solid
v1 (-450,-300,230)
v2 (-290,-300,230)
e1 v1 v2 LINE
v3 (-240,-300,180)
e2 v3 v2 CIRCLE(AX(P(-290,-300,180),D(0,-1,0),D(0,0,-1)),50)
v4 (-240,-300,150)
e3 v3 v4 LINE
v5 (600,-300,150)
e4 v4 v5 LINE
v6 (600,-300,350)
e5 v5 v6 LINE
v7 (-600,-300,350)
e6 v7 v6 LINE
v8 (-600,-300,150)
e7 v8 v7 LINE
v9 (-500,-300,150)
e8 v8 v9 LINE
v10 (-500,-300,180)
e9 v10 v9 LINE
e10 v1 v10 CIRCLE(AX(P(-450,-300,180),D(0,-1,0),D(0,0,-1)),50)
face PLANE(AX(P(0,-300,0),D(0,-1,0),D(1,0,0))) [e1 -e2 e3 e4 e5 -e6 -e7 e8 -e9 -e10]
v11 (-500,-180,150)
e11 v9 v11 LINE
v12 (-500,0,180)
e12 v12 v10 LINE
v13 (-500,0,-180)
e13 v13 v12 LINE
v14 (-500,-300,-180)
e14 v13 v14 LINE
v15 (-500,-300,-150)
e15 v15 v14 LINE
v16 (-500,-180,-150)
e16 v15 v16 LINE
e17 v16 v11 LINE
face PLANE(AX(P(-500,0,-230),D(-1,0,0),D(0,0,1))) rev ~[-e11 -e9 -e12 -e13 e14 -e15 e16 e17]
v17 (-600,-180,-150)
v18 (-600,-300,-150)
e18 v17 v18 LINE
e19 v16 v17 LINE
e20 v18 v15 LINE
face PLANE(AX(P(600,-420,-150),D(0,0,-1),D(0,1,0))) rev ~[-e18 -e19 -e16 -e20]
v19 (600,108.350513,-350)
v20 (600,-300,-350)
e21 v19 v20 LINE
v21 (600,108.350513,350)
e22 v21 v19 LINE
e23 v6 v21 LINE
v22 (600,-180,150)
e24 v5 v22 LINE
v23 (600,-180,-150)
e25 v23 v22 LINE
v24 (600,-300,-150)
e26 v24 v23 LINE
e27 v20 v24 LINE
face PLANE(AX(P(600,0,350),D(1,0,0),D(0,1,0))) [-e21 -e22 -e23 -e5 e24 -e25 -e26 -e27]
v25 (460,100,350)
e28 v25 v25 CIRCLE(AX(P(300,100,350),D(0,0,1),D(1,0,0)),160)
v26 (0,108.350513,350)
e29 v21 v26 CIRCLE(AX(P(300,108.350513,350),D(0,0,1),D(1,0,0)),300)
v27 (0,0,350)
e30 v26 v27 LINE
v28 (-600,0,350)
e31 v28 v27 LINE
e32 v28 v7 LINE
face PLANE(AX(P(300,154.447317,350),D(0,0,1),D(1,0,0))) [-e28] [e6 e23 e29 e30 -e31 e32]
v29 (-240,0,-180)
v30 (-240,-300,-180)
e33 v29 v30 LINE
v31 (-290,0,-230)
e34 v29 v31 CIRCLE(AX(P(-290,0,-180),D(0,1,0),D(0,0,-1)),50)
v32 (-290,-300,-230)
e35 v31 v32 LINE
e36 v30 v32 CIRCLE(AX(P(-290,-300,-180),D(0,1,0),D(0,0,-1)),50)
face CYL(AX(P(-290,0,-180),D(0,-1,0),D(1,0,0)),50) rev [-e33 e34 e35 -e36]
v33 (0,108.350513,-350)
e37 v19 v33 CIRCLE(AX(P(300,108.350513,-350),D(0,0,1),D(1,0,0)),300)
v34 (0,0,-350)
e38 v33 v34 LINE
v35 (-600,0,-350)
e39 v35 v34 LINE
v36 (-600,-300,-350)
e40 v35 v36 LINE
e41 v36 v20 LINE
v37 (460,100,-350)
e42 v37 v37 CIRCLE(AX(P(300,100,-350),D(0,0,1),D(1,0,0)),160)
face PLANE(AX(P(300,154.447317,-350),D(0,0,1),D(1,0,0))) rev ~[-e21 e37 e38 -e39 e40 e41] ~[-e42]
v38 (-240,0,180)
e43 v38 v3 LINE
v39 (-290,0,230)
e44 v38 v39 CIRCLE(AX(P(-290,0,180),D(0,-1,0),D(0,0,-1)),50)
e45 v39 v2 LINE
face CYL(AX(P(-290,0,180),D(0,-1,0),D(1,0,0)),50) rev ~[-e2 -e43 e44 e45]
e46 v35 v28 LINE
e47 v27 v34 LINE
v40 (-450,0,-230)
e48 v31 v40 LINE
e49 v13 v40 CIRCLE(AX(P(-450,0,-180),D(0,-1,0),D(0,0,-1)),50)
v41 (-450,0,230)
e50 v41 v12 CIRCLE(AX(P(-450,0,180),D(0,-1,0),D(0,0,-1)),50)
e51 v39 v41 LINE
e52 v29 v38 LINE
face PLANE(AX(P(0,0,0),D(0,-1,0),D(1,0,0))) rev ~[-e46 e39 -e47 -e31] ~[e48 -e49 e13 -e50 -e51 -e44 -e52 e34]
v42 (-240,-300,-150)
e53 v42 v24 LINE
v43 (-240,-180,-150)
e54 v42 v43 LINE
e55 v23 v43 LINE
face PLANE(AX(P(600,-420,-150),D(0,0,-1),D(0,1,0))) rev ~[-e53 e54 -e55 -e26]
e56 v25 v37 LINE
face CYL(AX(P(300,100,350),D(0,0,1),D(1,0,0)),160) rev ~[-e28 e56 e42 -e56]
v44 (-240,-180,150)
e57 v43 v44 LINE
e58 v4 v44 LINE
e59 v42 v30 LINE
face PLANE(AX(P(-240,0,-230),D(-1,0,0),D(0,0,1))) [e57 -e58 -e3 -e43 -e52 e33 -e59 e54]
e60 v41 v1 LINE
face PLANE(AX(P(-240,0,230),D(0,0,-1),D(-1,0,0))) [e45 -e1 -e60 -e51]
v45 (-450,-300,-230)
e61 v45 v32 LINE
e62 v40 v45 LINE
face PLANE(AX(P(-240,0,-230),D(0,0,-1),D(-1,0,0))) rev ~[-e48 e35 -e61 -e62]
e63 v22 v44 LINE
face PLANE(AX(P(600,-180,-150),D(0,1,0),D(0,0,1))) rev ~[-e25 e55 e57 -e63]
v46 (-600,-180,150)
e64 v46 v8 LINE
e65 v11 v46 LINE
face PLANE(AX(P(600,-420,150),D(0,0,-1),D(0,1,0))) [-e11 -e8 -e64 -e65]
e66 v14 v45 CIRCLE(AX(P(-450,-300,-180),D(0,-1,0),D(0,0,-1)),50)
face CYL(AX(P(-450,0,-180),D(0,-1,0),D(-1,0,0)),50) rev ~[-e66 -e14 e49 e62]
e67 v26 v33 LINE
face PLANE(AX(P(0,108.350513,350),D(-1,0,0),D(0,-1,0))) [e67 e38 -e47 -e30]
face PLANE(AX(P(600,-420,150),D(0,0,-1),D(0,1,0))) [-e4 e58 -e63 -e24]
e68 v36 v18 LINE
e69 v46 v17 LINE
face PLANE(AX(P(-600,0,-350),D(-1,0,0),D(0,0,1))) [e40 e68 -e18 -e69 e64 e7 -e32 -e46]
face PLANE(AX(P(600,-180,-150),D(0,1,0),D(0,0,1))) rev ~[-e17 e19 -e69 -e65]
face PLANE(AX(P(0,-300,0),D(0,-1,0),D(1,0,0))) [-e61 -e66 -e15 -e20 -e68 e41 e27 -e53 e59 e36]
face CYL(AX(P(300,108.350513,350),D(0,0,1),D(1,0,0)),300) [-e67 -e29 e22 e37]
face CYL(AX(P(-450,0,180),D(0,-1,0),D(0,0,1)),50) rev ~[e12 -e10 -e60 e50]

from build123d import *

# Parameters (mm, degrees)
F0_W      = 1200
F0_H      = 700
F1_DEPTH  = 300
F3_DEPTH  = 700
F5_W      = 240
F5_H      = 300
F6_DEPTH  = 1200.001
F7_W      = 260
F7_H      = 460
F8_DEPTH  = 300.001
F9_R      = 50
F10_R     = 160
F11_DEPTH = 700.001


with BuildPart() as f1:
    # F0 (on Front) → F1 (new body)
    with BuildSketch(Plane.XZ):
        Rectangle(F0_W, F0_H)
    extrude(amount=F1_DEPTH)

    # F2 (on face) → F3 (join)
    with BuildSketch(Plane.XY.offset(350)):
        with BuildLine():
            Line((0, 108.350513), (0, 0))
            Line((0, 0), (600, 0))
            Line((600, 0), (600, 108.350513))
            ThreePointArc((600, 108.350513), (300, 408.350513), (0, 108.350513))
        make_face()
    extrude(amount=-F3_DEPTH)

    # F5 (on face) → F6 (cut, through all)
    with BuildSketch(Plane.YZ.offset(600)):
        with Locations((-300, 0)):
            Rectangle(F5_W, F5_H)
    extrude(amount=-F6_DEPTH, mode=Mode.SUBTRACT)

    # F7 (on face) → F8 (cut, through all)
    with BuildSketch(Plane(origin=(0, 0, 0), x_dir=(-1, 0, 0), z_dir=(0, 1, 0))):
        with Locations((370, 0)):
            Rectangle(F7_W, F7_H)
    extrude(amount=-F8_DEPTH, mode=Mode.SUBTRACT)

    # F9
    f9_edges = [f1.edges().sort_by_distance(p)[0] for p in [
        (-240, -150, -230),
        (-240, -150, 230),
        (-500, -150, 230),
        (-500, -150, -230),
    ]]
    fillet(f9_edges, radius=F9_R)

    # F10 (on face) → F11 (cut, through all)
    with BuildSketch(Plane.XY.offset(350)):
        with Locations((300, 100)):
            Circle(F10_R)
    extrude(amount=-F11_DEPTH, mode=Mode.SUBTRACT)


solid = f1.part
